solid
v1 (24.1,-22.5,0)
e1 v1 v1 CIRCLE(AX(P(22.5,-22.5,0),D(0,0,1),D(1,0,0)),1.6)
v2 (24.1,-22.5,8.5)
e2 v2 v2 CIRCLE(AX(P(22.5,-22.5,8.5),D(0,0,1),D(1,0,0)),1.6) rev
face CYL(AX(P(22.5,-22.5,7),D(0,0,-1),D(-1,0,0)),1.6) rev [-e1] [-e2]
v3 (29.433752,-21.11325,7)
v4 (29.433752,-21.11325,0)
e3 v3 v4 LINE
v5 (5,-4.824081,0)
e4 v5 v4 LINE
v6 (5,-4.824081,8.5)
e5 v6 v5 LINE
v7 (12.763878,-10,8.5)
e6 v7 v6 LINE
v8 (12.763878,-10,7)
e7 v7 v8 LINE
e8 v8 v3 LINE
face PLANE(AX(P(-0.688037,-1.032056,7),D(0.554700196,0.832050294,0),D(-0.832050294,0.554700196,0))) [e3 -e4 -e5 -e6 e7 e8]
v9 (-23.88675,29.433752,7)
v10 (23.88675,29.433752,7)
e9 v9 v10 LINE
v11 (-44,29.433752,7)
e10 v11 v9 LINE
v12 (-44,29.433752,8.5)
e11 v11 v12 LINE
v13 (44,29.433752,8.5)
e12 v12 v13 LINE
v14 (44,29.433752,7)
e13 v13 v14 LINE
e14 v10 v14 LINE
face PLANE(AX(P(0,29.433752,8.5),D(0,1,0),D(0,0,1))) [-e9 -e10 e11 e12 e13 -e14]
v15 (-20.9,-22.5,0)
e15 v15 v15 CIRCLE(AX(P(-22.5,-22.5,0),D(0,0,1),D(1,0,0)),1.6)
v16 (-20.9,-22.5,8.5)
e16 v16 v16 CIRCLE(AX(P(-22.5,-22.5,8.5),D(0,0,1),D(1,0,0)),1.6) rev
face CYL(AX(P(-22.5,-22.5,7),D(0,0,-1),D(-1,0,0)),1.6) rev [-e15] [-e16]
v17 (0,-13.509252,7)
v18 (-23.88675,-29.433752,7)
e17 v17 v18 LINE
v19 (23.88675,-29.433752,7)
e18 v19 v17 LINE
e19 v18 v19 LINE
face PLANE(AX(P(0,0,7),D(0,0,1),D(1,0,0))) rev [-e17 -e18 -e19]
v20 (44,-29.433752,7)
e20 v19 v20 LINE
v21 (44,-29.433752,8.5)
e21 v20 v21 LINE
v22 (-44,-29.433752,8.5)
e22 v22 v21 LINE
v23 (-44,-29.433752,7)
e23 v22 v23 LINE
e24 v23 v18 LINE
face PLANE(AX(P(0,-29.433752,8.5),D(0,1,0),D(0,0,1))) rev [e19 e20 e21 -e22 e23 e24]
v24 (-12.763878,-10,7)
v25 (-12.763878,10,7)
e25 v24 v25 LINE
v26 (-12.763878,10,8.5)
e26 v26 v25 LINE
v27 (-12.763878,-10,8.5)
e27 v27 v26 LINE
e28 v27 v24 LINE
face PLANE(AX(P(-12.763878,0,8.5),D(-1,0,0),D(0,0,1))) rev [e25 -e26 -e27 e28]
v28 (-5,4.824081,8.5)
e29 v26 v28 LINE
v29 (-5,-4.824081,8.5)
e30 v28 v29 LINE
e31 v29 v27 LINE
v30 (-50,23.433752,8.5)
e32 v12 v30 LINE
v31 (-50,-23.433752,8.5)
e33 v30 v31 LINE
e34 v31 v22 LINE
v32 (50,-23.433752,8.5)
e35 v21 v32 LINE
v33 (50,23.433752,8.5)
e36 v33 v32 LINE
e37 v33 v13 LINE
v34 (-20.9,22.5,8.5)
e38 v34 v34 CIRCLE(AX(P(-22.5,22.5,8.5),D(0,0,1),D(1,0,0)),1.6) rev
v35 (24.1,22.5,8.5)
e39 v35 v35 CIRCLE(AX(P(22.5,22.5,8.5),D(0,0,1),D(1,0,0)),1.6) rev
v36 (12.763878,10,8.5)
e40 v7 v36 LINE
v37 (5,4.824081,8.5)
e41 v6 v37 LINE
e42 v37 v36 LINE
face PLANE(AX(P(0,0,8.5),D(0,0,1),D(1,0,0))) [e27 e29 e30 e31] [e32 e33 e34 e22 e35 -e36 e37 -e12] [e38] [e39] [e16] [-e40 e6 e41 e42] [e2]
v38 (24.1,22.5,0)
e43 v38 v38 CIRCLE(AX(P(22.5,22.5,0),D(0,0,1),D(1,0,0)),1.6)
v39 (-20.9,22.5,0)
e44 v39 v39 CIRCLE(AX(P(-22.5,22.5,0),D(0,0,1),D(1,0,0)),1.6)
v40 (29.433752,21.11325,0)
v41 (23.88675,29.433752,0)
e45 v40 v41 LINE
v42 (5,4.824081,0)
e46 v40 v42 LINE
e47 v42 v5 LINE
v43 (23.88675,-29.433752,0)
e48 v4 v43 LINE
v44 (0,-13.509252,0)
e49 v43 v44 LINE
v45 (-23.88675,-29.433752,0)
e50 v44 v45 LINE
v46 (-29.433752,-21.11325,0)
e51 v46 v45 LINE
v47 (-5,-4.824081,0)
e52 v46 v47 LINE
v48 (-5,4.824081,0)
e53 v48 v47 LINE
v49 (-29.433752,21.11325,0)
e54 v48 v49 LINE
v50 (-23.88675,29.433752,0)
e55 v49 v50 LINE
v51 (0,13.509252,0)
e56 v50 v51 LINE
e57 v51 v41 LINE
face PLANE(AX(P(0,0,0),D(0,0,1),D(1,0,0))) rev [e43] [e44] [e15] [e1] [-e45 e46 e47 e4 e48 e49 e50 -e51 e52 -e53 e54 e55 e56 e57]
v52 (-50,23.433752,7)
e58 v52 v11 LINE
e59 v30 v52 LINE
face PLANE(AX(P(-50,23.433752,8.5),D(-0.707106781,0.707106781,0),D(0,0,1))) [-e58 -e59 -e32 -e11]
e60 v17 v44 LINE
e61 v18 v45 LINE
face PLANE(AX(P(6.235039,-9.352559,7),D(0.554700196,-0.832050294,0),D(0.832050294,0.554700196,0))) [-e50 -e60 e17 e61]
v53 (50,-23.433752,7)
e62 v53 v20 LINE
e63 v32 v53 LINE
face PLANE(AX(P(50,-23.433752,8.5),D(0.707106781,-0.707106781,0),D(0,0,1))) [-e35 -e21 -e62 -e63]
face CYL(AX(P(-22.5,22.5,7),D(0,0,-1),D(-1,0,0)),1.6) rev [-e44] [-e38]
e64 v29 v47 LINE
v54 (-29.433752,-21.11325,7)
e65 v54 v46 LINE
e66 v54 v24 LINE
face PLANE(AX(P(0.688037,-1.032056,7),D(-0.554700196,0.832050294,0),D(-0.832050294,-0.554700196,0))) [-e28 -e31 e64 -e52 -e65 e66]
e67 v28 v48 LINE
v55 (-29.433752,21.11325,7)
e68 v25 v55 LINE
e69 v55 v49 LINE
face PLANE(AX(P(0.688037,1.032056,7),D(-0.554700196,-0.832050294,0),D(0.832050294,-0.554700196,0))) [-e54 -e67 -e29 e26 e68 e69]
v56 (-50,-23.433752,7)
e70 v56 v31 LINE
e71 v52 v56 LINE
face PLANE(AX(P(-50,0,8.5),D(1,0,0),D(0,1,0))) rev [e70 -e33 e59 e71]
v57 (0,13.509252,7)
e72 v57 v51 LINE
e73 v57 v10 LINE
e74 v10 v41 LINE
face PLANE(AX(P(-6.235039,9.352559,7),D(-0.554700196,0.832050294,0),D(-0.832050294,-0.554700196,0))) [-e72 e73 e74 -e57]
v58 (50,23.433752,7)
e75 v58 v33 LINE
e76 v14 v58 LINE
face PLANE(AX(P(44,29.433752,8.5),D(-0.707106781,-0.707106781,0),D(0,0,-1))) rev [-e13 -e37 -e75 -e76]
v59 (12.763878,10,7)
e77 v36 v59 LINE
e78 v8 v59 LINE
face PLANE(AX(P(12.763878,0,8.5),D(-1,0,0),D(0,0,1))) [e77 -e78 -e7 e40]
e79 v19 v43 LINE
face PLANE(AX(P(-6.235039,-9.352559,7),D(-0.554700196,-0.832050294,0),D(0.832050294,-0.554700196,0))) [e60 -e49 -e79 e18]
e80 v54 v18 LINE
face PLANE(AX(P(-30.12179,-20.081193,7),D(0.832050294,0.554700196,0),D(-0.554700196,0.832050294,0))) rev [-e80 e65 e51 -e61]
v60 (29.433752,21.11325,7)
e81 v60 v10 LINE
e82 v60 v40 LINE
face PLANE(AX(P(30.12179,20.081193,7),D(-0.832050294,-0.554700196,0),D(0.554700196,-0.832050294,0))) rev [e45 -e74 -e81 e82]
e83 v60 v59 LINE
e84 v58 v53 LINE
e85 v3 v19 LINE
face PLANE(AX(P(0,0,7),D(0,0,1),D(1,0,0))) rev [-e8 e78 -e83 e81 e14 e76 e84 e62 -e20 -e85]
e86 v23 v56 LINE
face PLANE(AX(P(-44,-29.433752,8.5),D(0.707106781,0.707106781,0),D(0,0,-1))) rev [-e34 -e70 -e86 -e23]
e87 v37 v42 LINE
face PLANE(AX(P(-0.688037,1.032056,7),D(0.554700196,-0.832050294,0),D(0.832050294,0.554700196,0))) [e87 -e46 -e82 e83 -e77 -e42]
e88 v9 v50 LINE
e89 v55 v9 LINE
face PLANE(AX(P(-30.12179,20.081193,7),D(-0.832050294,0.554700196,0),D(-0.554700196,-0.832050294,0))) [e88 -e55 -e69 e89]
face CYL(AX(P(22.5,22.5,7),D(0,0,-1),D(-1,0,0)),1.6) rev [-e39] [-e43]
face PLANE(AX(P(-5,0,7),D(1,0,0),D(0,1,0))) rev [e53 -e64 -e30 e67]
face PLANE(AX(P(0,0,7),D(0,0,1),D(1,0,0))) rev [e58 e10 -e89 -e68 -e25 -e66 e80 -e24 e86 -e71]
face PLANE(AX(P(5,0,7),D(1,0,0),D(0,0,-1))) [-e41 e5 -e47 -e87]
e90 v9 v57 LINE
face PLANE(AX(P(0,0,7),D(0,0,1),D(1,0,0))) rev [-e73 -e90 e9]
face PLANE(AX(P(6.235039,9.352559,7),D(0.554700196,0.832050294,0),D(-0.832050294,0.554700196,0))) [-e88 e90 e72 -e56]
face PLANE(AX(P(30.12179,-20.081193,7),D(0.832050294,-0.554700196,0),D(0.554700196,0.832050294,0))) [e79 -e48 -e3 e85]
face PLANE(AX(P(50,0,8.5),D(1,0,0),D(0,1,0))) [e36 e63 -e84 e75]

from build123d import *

# Parameters (mm, degrees)
SKETCH1_R           = 1.6
BOSS_EXTRUDE1_DEPTH = 7
SKETCH2_W           = 100
SKETCH2_H           = 58.867504906
SKETCH2_R           = 1.6
BOSS_EXTRUDE2_DEPTH = 1.5
CHAMFER1_SIZE       = 6
CHAMFER2_SIZE       = 6


with BuildPart() as part:
    # Sketch1 → Boss-Extrude1 (new body)
    with BuildSketch(Plane.XY):
        Polygon((-21.113249509, 15.566247547), (-5, 4.824081208), (-5, -4.824081208), (-21.113249509, -15.566247547), (-25.273500981, -18.339748528), (-29.433752453, -21.113249509), (-23.886750491, -29.433752453), (-19.726499019, -26.660251472), (-15.566247547, -23.886750491), (0, -13.509252126), (15.566247547, -23.886750491), (19.726499019, -26.660251472), (23.886750491, -29.433752453), (29.433752453, -21.113249509), (25.273500981, -18.339748528), (21.113249509, -15.566247547), (5, -4.824081208), (5, 4.824081208), (21.113249509, 15.566247547), (25.273500981, 18.339748528), (29.433752453, 21.113249509), (23.886750491, 29.433752453), (19.726499019, 26.660251472), (15.566247547, 23.886750491), (0, 13.509252126), (-15.566247547, 23.886750491), (-19.726499019, 26.660251472), (-23.886750491, 29.433752453), (-29.433752453, 21.113249509), (-25.273500981, 18.339748528), align=None)
        with Locations((-22.5, -22.5)):
            Circle(SKETCH1_R, mode=Mode.SUBTRACT)
        with Locations((22.5, -22.5)):
            Circle(SKETCH1_R, mode=Mode.SUBTRACT)
        with Locations((-22.5, 22.5)):
            Circle(SKETCH1_R, mode=Mode.SUBTRACT)
        with Locations((22.5, 22.5)):
            Circle(SKETCH1_R, mode=Mode.SUBTRACT)
    extrude(amount=BOSS_EXTRUDE1_DEPTH)

    # Sketch2 → Boss-Extrude2 (add)
    with BuildSketch(Plane.XY.offset(7)):
        Rectangle(SKETCH2_W, SKETCH2_H)
        Polygon((-12.763878189, -10), (-12.763878189, 10), (-5, 4.824081208), (-5, -4.824081208), align=None, mode=Mode.SUBTRACT)
        Polygon((12.763878189, 10), (12.763878189, -10), (5, -4.824081208), (5, 4.824081208), align=None, mode=Mode.SUBTRACT)
        with Locations((-22.5, 22.5)):
            Circle(SKETCH2_R, mode=Mode.SUBTRACT)
        with Locations((22.5, 22.5)):
            Circle(SKETCH2_R, mode=Mode.SUBTRACT)
        with Locations((22.5, -22.5)):
            Circle(SKETCH2_R, mode=Mode.SUBTRACT)
        with Locations((-22.5, -22.5)):
            Circle(SKETCH2_R, mode=Mode.SUBTRACT)
    extrude(amount=BOSS_EXTRUDE2_DEPTH)

    # Chamfer1
    chamfer1_edges = [part.edges().sort_by_distance(p)[0] for p in [
        (-50, -29.433752453, 7.75),
    ]]
    chamfer(chamfer1_edges, length=CHAMFER1_SIZE)

    # Chamfer2
    chamfer2_edges = [part.edges().sort_by_distance(p)[0] for p in [
        (50, 29.433752453, 7.75),
        (-50, 29.433752453, 7.75),
        (50, -29.433752453, 7.75),
    ]]
    chamfer(chamfer2_edges, length=CHAMFER2_SIZE)


solid = part.part
